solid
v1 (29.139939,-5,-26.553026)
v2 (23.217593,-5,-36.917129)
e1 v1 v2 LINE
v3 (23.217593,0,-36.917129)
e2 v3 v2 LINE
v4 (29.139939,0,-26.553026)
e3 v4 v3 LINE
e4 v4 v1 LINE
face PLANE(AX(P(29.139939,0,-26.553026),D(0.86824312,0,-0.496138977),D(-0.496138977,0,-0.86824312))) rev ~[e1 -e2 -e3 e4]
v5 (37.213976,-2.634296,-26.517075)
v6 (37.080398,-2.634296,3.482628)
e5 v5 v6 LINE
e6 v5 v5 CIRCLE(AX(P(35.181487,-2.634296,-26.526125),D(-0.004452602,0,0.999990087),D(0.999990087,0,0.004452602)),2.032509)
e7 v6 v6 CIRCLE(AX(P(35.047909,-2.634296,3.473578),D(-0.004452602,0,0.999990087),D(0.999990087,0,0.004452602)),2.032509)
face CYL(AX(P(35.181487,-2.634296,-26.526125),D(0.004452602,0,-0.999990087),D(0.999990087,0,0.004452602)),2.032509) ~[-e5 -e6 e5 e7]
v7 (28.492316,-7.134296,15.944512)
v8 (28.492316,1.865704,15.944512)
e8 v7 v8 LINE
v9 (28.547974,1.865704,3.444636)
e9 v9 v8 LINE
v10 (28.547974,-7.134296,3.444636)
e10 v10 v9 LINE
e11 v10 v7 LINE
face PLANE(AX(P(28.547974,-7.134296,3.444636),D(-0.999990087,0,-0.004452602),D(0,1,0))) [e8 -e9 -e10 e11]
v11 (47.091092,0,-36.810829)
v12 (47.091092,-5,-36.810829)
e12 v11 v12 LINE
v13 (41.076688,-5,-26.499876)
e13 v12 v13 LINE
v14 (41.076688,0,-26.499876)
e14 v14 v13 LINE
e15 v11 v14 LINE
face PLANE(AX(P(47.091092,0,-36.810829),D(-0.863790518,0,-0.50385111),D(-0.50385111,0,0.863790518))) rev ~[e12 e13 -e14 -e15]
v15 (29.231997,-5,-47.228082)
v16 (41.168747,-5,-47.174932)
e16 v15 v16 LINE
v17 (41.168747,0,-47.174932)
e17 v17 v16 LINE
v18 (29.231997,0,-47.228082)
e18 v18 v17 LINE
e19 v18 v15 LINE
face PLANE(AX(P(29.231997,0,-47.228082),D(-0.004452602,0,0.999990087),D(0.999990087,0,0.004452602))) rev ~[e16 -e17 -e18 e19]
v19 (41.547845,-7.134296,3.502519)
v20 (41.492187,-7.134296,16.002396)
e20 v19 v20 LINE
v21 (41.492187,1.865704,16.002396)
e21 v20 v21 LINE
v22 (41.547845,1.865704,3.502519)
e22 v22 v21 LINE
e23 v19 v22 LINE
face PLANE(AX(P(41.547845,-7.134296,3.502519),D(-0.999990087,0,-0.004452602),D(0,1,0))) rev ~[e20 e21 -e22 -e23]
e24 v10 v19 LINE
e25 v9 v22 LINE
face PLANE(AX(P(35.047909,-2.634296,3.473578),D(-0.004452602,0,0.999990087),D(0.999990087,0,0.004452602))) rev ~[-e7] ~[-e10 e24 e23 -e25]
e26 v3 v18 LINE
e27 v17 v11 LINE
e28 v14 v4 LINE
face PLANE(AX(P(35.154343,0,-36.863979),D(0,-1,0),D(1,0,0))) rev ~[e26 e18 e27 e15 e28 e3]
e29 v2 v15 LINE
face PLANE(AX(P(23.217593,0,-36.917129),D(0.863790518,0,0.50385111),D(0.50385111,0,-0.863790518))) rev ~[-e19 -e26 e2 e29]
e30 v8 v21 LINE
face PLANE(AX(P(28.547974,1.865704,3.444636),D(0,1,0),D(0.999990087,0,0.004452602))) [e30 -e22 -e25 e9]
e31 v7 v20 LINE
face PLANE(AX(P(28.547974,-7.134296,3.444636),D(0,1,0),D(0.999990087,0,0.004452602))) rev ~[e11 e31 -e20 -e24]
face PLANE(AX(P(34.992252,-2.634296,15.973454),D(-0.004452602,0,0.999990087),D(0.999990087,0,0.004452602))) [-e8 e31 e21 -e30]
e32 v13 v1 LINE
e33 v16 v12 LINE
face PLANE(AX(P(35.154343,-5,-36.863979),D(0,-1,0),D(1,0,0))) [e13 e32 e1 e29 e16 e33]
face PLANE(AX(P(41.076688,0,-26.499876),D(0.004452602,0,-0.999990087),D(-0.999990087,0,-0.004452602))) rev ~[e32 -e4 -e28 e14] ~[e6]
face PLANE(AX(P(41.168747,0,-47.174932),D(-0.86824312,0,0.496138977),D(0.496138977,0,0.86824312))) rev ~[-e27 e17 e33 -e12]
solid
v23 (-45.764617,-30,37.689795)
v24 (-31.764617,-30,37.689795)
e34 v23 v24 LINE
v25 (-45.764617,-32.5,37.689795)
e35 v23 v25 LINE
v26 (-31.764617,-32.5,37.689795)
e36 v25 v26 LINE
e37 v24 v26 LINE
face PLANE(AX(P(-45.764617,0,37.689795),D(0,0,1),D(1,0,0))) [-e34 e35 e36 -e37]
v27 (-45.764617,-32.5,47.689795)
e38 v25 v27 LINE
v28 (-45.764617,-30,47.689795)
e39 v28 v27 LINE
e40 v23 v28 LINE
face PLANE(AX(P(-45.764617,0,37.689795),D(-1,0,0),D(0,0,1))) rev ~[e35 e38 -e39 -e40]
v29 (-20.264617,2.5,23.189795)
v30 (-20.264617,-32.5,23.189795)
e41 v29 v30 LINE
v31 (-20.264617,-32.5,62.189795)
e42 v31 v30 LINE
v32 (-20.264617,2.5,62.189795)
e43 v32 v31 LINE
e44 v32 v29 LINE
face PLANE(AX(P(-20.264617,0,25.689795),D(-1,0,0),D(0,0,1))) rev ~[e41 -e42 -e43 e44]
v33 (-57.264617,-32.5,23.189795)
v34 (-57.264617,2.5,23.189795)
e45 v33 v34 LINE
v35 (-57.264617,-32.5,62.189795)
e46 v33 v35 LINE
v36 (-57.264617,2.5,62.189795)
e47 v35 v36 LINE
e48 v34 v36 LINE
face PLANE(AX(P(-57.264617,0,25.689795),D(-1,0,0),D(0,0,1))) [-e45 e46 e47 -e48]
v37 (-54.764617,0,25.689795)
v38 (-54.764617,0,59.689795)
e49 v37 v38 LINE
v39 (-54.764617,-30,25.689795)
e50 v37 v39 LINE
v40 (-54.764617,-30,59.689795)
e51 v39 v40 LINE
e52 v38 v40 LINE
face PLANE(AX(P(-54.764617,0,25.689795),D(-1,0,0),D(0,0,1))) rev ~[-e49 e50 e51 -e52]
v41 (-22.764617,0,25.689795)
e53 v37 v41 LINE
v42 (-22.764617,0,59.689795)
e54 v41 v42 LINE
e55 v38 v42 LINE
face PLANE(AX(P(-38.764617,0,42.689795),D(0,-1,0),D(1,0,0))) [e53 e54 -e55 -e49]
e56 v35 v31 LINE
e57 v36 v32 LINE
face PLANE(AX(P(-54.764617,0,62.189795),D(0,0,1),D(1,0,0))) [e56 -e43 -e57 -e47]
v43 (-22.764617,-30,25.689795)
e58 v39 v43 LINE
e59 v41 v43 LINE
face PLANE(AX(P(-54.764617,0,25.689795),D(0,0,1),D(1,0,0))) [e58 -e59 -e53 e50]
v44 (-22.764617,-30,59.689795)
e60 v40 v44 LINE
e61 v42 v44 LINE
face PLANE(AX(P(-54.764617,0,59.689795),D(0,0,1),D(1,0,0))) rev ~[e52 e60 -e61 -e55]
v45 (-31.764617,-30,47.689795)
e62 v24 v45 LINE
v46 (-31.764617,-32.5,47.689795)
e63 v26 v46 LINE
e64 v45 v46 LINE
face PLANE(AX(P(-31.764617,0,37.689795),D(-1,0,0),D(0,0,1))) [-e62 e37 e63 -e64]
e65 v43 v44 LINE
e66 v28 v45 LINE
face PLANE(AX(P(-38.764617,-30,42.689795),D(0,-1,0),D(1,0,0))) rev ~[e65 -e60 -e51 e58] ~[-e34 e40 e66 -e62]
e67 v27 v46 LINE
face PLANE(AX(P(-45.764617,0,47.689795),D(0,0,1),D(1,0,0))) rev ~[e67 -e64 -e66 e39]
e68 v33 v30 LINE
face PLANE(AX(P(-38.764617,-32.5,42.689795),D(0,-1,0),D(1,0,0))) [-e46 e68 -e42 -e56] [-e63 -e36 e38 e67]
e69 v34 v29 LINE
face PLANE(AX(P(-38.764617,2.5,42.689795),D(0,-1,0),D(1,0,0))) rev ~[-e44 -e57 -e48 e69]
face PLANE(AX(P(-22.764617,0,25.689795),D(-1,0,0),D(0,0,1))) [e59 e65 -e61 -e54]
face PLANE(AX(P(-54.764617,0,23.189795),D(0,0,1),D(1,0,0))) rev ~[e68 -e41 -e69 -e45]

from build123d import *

# Parameters (mm, degrees)
F0_W     = 14
F0_H     = 10
F1_DEPTH = 20
F0_W_2   = 32
F0_H_2   = 34
F2_DEPTH = 30
F3_T     = 2.5
F5_DEPTH = 5
F6_R     = 2.0325085079
F7_DEPTH = 30
F8_W     = 13
F8_H     = 9
F9_DEPTH = 12.5


with BuildPart() as f1:
    # F0 (on Front) → F1 (new body)
    with BuildSketch(Plane.XZ):
        with Locations((-38.7646174058, 42.6897948307)):
            Rectangle(F0_W, F0_H)
    extrude(amount=F1_DEPTH)

    # F0 (on Front) → F2 (join)
    with BuildSketch(Plane.XZ):
        with Locations((-38.7646174058, 42.6897948307)):
            Rectangle(F0_W_2, F0_H_2)
        with Locations((-38.7646174058, 42.6897948307)):
            Rectangle(F0_W, F0_H, mode=Mode.SUBTRACT)
    extrude(amount=F2_DEPTH)

    # F3
    f3_openings = [f1.faces().sort_by_distance(p)[0] for p in [
        (-38.764617, -25, 47.689795),
        (-31.764617, -25, 42.689795),
        (-38.764617, -25, 37.689795),
        (-45.764617, -25, 42.689795),
        (-38.764617, -20, 42.689795),
    ]]
    offset(amount=F3_T, openings=f3_openings, kind=Kind.INTERSECTION)


with BuildPart() as f5:
    # F4 (on Front) → F5 (new body)
    with BuildSketch(Plane.XZ):
        Polygon((41.1687466269, -47.1749319755), (47.0910918946, -36.8108288324), (41.0766879191, -26.4998758091), (29.1399386759, -26.5530259288), (23.2175934081, -36.9171290719), (29.2319973836, -47.2280820953), align=None)
    extrude(amount=F5_DEPTH)

    # F6 (on face) → F7 (join)
    with BuildSketch(Plane(origin=(0.1188066014, 0, -26.6822467588), x_dir=(0.9999900871, 0, 0.0044526019), z_dir=(-0.0044526019, 0, 0.9999900871))):
        with Locations((35.0630283356, -2.6342964265)):
            Circle(F6_R)
    extrude(amount=F7_DEPTH)

    # F8 (on face) → F9 (join)
    with BuildSketch(Plane(origin=(-0.0147714568, 0, 3.3174558548), x_dir=(0.9999900871, 0, 0.0044526019), z_dir=(-0.0044526019, 0, 0.9999900871))):
        with Locations((35.0630283356, -2.6342964265)):
            Rectangle(F8_W, F8_H)
    extrude(amount=F9_DEPTH)


solid = Compound([f1.part, f5.part])
